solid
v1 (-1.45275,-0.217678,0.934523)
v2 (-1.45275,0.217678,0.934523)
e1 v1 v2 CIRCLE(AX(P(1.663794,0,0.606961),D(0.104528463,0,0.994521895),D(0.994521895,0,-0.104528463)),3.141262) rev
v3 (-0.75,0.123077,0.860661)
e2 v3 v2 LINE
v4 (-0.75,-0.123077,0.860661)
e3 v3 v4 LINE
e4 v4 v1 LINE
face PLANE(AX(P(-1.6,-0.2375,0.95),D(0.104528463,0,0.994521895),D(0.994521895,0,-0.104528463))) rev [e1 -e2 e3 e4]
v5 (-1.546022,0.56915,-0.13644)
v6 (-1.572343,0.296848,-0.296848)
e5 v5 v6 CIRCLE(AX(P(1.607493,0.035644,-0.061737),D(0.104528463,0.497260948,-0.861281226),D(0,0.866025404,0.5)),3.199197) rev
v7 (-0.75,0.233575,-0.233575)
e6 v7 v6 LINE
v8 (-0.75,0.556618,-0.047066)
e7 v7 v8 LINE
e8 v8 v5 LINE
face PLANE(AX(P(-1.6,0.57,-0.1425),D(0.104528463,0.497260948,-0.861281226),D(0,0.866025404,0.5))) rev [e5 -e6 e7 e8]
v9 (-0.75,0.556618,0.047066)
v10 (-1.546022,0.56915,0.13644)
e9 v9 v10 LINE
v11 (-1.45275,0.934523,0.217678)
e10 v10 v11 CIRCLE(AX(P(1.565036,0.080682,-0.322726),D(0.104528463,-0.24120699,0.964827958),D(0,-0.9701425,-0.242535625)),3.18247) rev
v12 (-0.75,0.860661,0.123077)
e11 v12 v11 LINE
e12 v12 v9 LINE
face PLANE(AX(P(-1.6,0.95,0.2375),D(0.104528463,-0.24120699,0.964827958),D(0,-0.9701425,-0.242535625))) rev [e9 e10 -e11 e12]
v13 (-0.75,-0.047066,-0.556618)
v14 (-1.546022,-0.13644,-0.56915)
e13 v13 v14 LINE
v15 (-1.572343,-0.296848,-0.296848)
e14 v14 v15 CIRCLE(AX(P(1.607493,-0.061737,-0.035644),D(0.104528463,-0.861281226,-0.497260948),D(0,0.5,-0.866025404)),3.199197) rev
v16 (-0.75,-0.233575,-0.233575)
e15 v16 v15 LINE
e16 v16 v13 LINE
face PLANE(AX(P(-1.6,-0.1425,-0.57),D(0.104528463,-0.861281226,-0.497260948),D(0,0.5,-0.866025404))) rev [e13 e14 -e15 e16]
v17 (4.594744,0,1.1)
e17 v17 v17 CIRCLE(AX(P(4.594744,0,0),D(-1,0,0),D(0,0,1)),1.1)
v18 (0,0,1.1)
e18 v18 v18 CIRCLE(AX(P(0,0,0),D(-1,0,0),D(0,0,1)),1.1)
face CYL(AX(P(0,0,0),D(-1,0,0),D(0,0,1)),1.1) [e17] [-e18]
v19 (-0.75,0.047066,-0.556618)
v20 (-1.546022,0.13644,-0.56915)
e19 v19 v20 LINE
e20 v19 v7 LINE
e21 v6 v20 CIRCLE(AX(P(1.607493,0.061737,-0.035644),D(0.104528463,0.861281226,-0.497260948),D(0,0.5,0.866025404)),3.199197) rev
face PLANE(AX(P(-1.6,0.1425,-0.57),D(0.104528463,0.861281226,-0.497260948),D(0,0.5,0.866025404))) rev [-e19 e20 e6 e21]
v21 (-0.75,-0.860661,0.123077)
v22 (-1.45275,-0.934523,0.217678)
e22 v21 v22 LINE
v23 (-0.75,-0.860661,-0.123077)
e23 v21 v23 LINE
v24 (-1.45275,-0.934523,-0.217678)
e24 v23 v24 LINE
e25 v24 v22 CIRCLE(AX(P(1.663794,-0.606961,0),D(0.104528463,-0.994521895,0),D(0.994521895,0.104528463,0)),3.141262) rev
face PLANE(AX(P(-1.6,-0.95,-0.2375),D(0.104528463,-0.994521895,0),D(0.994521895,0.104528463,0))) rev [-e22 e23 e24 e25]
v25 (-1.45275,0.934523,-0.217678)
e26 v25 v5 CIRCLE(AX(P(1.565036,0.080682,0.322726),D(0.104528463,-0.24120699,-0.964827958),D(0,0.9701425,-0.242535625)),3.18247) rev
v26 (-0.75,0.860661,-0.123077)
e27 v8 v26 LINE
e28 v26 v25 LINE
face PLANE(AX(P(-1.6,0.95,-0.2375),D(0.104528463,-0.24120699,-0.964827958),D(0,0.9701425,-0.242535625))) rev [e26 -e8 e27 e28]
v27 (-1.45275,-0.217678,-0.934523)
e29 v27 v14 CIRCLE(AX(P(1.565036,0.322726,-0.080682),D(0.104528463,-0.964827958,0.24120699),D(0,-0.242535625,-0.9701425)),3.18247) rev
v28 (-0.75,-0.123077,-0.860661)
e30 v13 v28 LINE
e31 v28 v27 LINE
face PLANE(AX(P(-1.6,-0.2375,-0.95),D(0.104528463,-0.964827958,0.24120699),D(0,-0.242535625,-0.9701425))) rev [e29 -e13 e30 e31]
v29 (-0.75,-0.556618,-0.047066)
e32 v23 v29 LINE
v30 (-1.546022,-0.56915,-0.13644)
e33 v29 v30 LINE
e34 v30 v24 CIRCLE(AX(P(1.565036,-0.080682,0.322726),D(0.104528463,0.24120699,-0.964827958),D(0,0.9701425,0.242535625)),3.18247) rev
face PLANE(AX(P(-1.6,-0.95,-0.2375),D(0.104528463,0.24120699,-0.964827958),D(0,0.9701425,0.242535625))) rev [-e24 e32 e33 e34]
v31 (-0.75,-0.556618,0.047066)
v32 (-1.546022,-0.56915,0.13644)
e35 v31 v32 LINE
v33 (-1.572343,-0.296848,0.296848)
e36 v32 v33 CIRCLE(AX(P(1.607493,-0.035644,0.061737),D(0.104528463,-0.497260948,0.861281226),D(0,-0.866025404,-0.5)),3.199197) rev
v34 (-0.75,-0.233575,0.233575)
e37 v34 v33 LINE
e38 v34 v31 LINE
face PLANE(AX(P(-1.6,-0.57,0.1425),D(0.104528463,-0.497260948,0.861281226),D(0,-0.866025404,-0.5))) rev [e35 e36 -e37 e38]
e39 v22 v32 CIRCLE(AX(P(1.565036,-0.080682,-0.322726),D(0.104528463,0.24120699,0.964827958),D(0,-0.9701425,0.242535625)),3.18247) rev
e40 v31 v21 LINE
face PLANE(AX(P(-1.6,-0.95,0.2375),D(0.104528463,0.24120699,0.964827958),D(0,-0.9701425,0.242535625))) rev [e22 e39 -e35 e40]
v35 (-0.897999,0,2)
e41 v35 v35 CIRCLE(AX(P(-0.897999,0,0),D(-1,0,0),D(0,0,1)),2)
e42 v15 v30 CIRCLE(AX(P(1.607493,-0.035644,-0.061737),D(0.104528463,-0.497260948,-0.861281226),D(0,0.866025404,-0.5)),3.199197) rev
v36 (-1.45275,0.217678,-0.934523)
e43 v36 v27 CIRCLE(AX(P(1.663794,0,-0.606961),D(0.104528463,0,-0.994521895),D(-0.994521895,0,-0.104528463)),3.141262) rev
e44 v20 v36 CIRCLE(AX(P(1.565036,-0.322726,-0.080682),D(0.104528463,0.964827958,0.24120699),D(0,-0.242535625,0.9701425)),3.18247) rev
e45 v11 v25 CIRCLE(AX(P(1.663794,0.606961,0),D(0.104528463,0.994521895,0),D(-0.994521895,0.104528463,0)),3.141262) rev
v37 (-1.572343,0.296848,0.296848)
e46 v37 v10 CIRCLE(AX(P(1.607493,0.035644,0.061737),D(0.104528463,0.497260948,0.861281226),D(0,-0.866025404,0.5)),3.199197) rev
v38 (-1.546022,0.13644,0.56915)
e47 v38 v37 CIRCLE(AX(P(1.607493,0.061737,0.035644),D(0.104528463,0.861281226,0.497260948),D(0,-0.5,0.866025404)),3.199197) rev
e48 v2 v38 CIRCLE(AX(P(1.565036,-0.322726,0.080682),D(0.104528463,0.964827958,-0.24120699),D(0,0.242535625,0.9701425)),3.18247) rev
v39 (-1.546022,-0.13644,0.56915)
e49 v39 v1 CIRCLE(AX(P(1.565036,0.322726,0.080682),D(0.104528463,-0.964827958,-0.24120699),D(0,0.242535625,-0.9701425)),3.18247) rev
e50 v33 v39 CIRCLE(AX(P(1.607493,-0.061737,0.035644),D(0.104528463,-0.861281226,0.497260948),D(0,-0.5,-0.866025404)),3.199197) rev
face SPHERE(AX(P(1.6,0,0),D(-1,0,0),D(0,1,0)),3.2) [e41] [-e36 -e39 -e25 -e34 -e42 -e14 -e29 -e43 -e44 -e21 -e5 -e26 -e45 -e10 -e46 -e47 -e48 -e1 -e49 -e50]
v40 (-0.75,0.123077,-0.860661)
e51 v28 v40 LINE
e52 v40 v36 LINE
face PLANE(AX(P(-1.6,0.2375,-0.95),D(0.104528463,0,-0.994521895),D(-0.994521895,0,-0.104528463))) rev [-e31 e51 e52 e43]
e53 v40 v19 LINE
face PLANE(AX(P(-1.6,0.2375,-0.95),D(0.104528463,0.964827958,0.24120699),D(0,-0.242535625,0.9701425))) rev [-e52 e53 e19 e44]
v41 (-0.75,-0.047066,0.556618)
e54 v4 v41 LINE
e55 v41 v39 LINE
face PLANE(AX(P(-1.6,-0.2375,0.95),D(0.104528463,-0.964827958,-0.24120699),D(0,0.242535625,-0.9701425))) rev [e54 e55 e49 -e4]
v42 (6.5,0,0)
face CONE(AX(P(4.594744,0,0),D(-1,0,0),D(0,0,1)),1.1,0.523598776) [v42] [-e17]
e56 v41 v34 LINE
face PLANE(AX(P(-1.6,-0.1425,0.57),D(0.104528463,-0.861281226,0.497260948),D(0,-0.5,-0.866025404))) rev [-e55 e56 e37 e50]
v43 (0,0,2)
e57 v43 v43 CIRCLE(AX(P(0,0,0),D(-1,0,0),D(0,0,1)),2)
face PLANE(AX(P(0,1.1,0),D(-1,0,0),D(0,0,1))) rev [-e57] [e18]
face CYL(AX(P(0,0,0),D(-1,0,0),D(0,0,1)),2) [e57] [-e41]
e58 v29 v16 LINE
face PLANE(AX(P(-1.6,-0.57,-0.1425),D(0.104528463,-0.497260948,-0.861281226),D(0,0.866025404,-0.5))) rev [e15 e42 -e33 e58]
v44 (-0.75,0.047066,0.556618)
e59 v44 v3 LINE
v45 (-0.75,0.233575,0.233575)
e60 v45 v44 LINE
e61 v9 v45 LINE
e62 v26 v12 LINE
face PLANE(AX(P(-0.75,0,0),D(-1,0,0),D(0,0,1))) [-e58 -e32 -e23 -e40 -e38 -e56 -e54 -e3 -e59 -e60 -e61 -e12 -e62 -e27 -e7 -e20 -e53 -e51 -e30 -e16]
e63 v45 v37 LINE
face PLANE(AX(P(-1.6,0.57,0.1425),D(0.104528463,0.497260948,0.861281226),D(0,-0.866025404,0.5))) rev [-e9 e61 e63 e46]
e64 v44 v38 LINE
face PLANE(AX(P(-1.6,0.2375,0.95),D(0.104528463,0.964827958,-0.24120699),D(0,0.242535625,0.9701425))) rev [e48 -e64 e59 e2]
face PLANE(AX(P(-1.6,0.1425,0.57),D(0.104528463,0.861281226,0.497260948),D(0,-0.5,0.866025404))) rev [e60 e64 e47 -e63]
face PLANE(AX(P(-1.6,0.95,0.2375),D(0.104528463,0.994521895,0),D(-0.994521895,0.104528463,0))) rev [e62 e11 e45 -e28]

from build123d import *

# Parameters (mm, degrees)
CHAMFER1_SIZE      = 0.22
CHAMFER1_SIZE2     = 0.381051178
CUT_EXTRUDE1_DEPTH = 0.85
CUT_EXTRUDE1_TAPER = 6


with BuildPart() as part:
    # Sketch1 → Revolve1 (revolve)
    with BuildSketch(Plane.XY):
        with BuildLine():
            Line((0, 2), (-0.897999199, 2))
            ThreePointArc((-0.897999199, 2), (-1.419403703, 1.059811908), (-1.6, 0))
            Line((-1.6, 0), (6.5, 0))
            Line((6.5, 0), (6.5, 1.1))
            Line((6.5, 1.1), (0, 1.1))
            Line((0, 1.1), (0, 2))
        make_face()
    revolve(axis=Axis((0, 0, 0), (1, 0, 0)))

    # Chamfer1
    chamfer1_edges = [part.edges().sort_by_distance(p)[0] for p in [
        (6.5, -1.1, 0),
    ]]
    chamfer1_side = [part.faces().sort_by_distance(p)[0] for p in [
        (6.5, 0, 0),
    ]]
    chamfer(chamfer1_edges, length=CHAMFER1_SIZE, length2=CHAMFER1_SIZE2, reference=chamfer1_side[0])

    # Sketch2 → EndCone (revolve, cut)
    with BuildSketch(Plane.XY):
        Polygon((6.5, 0), (4.594744112, 1.1), (4.594744112, 1.2), (6.6, 1.2), (6.6, 0), align=None)
    revolve(axis=Axis((0, 0, 0), (1, 0, 0)), mode=Mode.SUBTRACT)

    # Sketch3 → Cut-Extrude1 (cut)
    with BuildSketch(Plane(origin=(-1.6, 0, 0), x_dir=(0, 0, -1), z_dir=(1, 0, 0))):
        Polygon((-0.2375, 0.95), (-0.1425, 0.57), (-0.29897586, 0.29897586), (-0.57, 0.1425), (-0.95, 0.2375), (-0.95, -0.2375), (-0.57, -0.1425), (-0.29897586, -0.29897586), (-0.1425, -0.57), (-0.2375, -0.95), (0.2375, -0.95), (0.1425, -0.57), (0.29897586, -0.29897586), (0.57, -0.1425), (0.95, -0.2375), (0.95, 0.2375), (0.57, 0.1425), (0.29897586, 0.29897586), (0.1425, 0.57), (0.2375, 0.95), align=None)
    extrude(amount=CUT_EXTRUDE1_DEPTH, taper=CUT_EXTRUDE1_TAPER, mode=Mode.SUBTRACT)


solid = part.part
